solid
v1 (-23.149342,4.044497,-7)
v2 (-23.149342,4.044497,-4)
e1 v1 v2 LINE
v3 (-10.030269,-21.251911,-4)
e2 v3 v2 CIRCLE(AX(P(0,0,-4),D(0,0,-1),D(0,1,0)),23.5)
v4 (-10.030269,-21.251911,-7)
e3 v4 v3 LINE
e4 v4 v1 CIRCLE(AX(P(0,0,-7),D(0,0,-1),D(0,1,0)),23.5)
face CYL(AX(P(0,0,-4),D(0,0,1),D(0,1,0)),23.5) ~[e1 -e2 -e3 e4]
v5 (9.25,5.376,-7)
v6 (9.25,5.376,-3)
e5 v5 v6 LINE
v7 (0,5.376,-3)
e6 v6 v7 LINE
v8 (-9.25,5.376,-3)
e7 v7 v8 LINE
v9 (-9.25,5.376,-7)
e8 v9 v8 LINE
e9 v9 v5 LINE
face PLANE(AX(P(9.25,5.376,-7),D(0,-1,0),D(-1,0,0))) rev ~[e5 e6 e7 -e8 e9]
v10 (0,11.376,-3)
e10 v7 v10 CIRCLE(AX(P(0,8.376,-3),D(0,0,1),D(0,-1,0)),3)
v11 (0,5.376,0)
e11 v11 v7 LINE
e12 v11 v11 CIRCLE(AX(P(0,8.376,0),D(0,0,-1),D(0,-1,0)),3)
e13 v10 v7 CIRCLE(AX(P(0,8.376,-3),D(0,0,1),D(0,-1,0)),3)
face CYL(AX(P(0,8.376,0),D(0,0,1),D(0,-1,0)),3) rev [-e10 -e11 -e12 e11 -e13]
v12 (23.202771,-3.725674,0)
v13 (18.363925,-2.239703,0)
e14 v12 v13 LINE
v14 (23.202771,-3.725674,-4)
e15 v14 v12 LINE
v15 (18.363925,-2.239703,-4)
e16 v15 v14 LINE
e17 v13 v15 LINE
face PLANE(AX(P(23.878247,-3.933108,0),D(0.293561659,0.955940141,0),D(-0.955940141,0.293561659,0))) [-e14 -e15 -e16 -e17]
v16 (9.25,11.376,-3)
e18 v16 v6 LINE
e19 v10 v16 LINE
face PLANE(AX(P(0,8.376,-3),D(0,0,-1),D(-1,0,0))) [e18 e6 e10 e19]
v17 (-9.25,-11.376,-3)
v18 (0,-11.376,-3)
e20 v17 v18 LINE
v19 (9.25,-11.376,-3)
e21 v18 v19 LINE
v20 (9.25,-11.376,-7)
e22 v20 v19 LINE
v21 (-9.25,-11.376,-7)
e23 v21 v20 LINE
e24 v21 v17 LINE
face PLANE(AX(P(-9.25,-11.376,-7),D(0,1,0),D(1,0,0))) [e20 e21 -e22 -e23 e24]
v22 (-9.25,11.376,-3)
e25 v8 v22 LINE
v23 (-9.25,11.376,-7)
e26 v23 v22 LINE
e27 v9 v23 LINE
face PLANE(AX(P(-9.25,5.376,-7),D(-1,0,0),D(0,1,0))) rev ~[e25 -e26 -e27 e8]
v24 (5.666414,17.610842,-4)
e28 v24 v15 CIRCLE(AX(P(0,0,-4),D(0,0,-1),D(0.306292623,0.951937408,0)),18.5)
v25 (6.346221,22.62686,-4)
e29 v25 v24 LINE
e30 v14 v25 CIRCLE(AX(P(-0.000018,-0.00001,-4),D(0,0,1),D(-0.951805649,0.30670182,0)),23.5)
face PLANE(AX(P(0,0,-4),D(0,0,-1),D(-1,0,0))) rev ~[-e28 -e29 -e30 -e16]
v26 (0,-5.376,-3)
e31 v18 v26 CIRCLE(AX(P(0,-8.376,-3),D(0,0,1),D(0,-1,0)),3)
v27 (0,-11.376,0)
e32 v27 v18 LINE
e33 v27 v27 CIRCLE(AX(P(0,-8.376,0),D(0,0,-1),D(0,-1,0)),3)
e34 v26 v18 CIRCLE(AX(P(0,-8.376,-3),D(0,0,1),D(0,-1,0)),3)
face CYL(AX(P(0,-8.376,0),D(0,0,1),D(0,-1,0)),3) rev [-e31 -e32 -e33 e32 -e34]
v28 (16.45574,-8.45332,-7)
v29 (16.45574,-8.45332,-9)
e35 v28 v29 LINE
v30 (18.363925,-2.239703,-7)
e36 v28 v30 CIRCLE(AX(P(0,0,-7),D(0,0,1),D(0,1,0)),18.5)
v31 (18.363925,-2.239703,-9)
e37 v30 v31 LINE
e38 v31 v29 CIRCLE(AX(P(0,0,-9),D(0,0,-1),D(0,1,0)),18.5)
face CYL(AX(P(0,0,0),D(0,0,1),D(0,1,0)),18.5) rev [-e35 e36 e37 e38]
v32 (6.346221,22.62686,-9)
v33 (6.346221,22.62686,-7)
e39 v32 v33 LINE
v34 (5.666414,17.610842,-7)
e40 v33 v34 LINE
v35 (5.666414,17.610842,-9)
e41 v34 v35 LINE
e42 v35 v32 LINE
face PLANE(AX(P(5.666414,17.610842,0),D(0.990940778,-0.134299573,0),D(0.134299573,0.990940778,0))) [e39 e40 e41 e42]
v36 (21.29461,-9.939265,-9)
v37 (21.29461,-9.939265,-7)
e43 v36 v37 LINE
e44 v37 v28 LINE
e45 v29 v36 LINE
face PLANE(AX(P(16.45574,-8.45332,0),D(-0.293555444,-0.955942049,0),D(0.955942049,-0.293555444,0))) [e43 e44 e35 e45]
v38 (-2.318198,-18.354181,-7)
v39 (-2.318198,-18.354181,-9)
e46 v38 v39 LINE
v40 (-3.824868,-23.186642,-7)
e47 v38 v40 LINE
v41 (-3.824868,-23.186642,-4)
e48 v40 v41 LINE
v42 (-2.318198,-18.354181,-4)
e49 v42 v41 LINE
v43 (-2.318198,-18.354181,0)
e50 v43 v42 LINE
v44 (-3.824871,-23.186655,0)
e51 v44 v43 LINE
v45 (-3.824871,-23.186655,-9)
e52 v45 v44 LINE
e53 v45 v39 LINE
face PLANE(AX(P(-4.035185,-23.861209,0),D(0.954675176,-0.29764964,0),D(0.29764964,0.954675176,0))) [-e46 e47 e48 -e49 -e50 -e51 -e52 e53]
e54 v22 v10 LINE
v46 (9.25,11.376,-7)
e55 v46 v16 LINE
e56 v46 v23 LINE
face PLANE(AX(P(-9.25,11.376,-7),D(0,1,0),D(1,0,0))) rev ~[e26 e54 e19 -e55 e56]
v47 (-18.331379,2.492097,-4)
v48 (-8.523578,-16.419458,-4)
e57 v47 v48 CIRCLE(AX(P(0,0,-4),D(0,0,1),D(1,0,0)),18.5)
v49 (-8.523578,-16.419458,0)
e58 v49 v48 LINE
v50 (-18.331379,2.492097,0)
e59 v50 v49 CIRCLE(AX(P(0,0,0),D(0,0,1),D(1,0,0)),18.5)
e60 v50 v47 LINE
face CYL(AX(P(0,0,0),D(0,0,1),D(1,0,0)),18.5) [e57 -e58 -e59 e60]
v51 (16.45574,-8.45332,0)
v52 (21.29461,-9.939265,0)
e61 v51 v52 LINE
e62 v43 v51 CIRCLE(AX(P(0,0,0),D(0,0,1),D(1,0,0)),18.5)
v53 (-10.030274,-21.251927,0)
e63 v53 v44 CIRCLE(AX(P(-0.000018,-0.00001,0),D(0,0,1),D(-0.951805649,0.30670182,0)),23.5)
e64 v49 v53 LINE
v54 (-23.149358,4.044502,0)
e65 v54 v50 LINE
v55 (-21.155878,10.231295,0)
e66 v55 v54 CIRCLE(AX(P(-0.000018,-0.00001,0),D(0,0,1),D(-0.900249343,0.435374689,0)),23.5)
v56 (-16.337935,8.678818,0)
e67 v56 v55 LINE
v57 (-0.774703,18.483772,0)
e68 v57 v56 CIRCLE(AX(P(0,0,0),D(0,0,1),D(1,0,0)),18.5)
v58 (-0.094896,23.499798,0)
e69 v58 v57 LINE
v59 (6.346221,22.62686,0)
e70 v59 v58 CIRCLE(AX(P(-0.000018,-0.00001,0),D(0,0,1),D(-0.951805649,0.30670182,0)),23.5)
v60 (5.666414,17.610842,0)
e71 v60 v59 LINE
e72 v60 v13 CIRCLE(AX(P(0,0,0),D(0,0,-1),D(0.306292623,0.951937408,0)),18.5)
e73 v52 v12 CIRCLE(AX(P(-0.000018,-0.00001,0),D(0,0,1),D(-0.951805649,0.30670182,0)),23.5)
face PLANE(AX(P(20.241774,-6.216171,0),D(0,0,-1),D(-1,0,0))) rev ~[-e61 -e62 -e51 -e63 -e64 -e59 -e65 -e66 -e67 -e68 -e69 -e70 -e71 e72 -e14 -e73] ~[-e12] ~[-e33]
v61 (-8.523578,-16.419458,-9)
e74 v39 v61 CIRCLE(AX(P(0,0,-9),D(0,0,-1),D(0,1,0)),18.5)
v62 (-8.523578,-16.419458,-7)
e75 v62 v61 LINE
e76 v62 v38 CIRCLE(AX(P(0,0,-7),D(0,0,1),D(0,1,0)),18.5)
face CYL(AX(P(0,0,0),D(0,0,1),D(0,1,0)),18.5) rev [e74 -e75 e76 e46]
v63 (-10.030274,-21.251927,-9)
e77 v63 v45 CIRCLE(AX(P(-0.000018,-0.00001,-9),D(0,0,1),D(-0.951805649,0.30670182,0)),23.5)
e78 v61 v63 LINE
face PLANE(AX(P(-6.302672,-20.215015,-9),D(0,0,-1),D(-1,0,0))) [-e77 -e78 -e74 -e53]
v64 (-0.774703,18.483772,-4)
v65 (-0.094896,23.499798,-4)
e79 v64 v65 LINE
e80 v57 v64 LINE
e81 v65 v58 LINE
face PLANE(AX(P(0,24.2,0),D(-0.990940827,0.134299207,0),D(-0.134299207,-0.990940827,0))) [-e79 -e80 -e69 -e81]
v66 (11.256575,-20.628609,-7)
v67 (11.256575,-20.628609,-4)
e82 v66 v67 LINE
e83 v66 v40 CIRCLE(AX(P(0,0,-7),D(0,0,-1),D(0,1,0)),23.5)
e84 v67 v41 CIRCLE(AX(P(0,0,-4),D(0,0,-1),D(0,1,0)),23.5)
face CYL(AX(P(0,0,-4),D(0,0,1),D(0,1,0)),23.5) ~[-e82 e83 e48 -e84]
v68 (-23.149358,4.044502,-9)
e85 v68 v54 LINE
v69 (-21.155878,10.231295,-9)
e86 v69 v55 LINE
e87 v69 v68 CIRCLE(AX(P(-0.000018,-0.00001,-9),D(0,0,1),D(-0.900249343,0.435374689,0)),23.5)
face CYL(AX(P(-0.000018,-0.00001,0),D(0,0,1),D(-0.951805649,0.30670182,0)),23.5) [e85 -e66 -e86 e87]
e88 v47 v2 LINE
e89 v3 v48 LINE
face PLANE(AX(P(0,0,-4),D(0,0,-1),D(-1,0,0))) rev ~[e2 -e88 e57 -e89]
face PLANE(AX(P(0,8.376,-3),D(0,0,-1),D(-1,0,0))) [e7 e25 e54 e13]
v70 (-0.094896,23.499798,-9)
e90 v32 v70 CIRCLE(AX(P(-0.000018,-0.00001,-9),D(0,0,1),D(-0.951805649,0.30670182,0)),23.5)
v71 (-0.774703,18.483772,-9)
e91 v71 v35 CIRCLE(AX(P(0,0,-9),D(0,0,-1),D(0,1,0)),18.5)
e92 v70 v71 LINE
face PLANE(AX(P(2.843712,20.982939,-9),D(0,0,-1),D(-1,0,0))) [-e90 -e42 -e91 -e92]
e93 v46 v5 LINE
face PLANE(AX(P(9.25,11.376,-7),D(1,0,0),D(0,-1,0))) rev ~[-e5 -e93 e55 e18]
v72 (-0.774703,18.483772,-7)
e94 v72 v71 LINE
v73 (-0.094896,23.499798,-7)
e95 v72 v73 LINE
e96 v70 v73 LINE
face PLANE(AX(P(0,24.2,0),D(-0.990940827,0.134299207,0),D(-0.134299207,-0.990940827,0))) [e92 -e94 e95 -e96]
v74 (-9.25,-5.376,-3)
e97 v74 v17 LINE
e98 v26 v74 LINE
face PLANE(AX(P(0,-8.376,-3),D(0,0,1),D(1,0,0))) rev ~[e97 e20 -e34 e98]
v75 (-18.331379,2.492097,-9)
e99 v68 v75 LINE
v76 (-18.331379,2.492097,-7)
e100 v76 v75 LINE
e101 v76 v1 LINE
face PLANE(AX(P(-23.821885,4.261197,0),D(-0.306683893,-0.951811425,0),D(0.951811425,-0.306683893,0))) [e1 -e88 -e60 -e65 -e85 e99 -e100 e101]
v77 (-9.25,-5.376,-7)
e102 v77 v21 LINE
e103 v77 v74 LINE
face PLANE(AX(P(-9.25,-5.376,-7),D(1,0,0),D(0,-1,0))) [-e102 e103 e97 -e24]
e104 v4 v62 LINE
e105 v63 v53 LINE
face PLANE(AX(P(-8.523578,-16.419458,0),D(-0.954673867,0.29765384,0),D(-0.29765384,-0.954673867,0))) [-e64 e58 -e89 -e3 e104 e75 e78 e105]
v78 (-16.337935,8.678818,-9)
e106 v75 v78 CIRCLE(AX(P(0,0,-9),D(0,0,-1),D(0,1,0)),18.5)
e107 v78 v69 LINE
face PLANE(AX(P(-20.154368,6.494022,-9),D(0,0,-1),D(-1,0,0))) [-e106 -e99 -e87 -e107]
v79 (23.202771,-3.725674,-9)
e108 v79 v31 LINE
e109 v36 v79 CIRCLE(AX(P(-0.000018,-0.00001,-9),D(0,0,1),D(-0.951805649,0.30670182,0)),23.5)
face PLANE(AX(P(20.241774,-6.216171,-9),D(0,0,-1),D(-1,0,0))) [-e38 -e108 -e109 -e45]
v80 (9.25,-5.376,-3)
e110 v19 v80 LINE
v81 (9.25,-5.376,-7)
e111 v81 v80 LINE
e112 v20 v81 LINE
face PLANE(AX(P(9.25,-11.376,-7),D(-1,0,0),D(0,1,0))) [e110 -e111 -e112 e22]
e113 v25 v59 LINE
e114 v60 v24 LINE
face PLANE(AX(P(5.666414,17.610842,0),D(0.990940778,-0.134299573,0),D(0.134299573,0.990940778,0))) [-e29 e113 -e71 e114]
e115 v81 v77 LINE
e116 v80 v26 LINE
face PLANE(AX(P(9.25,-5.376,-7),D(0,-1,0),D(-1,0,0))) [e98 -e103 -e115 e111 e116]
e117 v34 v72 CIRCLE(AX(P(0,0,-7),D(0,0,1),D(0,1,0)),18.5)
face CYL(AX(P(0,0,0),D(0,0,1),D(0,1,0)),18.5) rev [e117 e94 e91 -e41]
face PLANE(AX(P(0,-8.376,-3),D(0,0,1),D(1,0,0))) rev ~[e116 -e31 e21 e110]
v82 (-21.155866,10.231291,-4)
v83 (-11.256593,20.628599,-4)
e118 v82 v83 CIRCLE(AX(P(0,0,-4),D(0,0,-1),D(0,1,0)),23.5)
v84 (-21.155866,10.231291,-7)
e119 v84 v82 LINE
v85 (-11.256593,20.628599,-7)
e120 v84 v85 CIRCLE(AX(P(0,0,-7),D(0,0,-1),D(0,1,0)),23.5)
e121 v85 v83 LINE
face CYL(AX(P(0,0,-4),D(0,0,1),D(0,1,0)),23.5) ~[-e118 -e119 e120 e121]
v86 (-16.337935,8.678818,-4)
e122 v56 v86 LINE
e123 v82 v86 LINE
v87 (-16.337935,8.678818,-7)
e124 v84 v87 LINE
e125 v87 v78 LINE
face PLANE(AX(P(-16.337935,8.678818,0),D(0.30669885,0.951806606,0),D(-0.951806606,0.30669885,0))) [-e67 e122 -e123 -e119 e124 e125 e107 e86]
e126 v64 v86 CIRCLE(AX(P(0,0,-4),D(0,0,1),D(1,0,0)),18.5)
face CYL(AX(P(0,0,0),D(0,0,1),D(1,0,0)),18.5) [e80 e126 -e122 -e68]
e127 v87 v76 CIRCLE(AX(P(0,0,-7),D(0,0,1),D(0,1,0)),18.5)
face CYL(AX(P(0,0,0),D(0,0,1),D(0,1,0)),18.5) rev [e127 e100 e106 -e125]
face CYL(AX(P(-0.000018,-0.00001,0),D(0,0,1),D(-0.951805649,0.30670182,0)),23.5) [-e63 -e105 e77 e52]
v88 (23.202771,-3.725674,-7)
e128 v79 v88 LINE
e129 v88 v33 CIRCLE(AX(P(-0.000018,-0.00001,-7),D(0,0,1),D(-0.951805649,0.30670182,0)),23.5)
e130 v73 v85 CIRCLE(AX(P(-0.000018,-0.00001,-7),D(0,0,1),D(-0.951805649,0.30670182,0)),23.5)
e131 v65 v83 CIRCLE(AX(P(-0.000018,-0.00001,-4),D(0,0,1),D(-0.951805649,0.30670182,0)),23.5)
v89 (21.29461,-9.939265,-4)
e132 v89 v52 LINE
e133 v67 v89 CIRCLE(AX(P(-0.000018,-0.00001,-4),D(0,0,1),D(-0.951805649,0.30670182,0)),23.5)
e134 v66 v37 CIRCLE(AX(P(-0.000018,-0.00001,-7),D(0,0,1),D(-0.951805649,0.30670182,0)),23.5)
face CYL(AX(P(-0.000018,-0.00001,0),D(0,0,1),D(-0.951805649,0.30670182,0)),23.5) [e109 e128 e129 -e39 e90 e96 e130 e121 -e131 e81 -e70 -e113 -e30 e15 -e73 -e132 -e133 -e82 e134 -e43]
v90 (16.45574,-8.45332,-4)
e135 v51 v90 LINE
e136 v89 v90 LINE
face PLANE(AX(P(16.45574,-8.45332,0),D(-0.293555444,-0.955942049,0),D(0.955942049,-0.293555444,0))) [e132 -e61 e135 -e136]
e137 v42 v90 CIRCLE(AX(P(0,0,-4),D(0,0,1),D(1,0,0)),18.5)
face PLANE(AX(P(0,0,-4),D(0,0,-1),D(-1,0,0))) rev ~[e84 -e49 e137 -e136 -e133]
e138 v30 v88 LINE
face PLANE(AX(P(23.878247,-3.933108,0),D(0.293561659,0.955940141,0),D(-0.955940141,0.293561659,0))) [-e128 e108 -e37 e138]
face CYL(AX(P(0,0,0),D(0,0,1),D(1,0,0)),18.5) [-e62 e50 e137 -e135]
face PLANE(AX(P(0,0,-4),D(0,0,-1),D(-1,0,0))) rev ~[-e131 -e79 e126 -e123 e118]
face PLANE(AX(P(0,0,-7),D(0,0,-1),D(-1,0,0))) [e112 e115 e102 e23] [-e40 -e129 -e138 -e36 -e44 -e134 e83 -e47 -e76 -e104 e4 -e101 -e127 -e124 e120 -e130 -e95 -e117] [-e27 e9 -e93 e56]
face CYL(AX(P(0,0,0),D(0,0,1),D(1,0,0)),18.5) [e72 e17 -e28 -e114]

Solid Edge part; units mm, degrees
sketch "Sketch1" plane through (0, 0, 0) normal (0, 0, 1) x (1, 0, 0)
  circle A0 centre (0, 0) radius 18.5
extrude "Protrusion1" add sketch "Sketch1" against normal blind 4
sketch "Sketch2" plane through (0, 0, -4) normal (0, 0, -1) x (0, 1, 0)
  circle A0 centre (0, 0) radius 23.5
extrude "Extrusionsausprägung_3" add sketch "Sketch2" along normal blind 3
hole "Bohrung_1" at (0, -8.376, 0) direction (0, 0, -1) diameter 6 end up to next
hole "Hole1" at (0, 8.376, 0) direction (0, 0, -1) diameter 6 end up to next
sketch "Sketch3" plane through (0, 0, -7) normal (0, 0, -1) x (0, -1, 0)
  line L0 (-11.376, 9.25) -> (-11.376, -9.25)
  line L1 (-11.376, -9.25) -> (-5.376, -9.25)
  line L2 (-5.376, -9.25) -> (-5.376, 9.25)
  line L3 (-5.376, 9.25) -> (-11.376, 9.25)
  line L4 (5.376, -9.25) -> (5.376, 9.25)
  line L5 (5.376, 9.25) -> (11.376, 9.25)
  line L6 (11.376, 9.25) -> (11.376, -9.25)
  line L7 (11.376, -9.25) -> (5.376, -9.25)
extrude "Extrusionsausschnitt_2" cut sketch "Sketch3" against normal blind 4
sketch "Sketch4" plane through (0.0615, 0.1775, 0) normal (0, 0, 1) x (0, 1, 0)
  arc A0 (4.0837, 23.8834) -> (10.2705, 21.8899) centre (-0.1775, 0.0615) cw
  line L0 (8.5013, 16.3994) -> (10.2705, 21.8899)
  arc A1 (2.3146, 18.3929) -> (8.5013, 16.3994) centre (-0.1775, 0.0615) cw
  line L1 (4.0837, 23.8834) -> (2.3146, 18.3929)
  arc A2 (-24.0388, 4.0967) -> (-22.104, 10.3021) centre (-0.1775, 0.0615) cw
  line L2 (-16.597, 8.5851) -> (-22.104, 10.3021)
  arc A3 (-18.5317, 2.3797) -> (-16.597, 8.5851) centre (-0.1775, 0.0615) cw
  line L3 (-24.0388, 4.0967) -> (-18.5317, 2.3797)
  arc A4 (-4.1106, -23.8167) -> (-10.3242, -21.9086) centre (-0.1775, 0.0615) cw
  line L4 (-8.6308, -16.3942) -> (-10.3242, -21.9086)
  arc A5 (-2.4172, -18.3024) -> (-8.6308, -16.3942) centre (-0.1775, 0.0615) cw
  line L5 (-4.1106, -23.8167) -> (-2.4172, -18.3024)
  arc A6 (24.0225, 0.0615) -> (23.1495, -6.3796) centre (-0.1775, 0.0615) cw
  line L6 (17.4333, -5.6049) -> (23.1495, -6.3796)
  arc A7 (18.3062, 0.8362) -> (17.4333, -5.6049) centre (-0.1775, 0.0615) cw
  line L7 (24.0225, 0.0615) -> (18.3062, 0.8362)
  dimension "D1" = 48.4
  dimension "D2" = 6.5
  dimension "D3" = 6.5
  dimension "D4" = 6.5
  dimension "D5" = 6.5
  dimension "D6" = 32.36
  dimension "D7" = 29.4
  dimension "D8" = 29.5
  dimension "D9" = 25.7992
extrude "Protrusion2" add sketch "Sketch4" against normal blind 9
sketch "Sketch5" plane through (0.0282, 0.1694, 0) normal (0, 0, 1) x (-0.9518, 0.3067, 0)
  circle A0 centre (-0.0251, 0.1699) radius 30
  circle A1 centre (-0.0251, 0.1699) radius 23.5
extrude "Cutout1" cut sketch "Sketch5" against normal through all
